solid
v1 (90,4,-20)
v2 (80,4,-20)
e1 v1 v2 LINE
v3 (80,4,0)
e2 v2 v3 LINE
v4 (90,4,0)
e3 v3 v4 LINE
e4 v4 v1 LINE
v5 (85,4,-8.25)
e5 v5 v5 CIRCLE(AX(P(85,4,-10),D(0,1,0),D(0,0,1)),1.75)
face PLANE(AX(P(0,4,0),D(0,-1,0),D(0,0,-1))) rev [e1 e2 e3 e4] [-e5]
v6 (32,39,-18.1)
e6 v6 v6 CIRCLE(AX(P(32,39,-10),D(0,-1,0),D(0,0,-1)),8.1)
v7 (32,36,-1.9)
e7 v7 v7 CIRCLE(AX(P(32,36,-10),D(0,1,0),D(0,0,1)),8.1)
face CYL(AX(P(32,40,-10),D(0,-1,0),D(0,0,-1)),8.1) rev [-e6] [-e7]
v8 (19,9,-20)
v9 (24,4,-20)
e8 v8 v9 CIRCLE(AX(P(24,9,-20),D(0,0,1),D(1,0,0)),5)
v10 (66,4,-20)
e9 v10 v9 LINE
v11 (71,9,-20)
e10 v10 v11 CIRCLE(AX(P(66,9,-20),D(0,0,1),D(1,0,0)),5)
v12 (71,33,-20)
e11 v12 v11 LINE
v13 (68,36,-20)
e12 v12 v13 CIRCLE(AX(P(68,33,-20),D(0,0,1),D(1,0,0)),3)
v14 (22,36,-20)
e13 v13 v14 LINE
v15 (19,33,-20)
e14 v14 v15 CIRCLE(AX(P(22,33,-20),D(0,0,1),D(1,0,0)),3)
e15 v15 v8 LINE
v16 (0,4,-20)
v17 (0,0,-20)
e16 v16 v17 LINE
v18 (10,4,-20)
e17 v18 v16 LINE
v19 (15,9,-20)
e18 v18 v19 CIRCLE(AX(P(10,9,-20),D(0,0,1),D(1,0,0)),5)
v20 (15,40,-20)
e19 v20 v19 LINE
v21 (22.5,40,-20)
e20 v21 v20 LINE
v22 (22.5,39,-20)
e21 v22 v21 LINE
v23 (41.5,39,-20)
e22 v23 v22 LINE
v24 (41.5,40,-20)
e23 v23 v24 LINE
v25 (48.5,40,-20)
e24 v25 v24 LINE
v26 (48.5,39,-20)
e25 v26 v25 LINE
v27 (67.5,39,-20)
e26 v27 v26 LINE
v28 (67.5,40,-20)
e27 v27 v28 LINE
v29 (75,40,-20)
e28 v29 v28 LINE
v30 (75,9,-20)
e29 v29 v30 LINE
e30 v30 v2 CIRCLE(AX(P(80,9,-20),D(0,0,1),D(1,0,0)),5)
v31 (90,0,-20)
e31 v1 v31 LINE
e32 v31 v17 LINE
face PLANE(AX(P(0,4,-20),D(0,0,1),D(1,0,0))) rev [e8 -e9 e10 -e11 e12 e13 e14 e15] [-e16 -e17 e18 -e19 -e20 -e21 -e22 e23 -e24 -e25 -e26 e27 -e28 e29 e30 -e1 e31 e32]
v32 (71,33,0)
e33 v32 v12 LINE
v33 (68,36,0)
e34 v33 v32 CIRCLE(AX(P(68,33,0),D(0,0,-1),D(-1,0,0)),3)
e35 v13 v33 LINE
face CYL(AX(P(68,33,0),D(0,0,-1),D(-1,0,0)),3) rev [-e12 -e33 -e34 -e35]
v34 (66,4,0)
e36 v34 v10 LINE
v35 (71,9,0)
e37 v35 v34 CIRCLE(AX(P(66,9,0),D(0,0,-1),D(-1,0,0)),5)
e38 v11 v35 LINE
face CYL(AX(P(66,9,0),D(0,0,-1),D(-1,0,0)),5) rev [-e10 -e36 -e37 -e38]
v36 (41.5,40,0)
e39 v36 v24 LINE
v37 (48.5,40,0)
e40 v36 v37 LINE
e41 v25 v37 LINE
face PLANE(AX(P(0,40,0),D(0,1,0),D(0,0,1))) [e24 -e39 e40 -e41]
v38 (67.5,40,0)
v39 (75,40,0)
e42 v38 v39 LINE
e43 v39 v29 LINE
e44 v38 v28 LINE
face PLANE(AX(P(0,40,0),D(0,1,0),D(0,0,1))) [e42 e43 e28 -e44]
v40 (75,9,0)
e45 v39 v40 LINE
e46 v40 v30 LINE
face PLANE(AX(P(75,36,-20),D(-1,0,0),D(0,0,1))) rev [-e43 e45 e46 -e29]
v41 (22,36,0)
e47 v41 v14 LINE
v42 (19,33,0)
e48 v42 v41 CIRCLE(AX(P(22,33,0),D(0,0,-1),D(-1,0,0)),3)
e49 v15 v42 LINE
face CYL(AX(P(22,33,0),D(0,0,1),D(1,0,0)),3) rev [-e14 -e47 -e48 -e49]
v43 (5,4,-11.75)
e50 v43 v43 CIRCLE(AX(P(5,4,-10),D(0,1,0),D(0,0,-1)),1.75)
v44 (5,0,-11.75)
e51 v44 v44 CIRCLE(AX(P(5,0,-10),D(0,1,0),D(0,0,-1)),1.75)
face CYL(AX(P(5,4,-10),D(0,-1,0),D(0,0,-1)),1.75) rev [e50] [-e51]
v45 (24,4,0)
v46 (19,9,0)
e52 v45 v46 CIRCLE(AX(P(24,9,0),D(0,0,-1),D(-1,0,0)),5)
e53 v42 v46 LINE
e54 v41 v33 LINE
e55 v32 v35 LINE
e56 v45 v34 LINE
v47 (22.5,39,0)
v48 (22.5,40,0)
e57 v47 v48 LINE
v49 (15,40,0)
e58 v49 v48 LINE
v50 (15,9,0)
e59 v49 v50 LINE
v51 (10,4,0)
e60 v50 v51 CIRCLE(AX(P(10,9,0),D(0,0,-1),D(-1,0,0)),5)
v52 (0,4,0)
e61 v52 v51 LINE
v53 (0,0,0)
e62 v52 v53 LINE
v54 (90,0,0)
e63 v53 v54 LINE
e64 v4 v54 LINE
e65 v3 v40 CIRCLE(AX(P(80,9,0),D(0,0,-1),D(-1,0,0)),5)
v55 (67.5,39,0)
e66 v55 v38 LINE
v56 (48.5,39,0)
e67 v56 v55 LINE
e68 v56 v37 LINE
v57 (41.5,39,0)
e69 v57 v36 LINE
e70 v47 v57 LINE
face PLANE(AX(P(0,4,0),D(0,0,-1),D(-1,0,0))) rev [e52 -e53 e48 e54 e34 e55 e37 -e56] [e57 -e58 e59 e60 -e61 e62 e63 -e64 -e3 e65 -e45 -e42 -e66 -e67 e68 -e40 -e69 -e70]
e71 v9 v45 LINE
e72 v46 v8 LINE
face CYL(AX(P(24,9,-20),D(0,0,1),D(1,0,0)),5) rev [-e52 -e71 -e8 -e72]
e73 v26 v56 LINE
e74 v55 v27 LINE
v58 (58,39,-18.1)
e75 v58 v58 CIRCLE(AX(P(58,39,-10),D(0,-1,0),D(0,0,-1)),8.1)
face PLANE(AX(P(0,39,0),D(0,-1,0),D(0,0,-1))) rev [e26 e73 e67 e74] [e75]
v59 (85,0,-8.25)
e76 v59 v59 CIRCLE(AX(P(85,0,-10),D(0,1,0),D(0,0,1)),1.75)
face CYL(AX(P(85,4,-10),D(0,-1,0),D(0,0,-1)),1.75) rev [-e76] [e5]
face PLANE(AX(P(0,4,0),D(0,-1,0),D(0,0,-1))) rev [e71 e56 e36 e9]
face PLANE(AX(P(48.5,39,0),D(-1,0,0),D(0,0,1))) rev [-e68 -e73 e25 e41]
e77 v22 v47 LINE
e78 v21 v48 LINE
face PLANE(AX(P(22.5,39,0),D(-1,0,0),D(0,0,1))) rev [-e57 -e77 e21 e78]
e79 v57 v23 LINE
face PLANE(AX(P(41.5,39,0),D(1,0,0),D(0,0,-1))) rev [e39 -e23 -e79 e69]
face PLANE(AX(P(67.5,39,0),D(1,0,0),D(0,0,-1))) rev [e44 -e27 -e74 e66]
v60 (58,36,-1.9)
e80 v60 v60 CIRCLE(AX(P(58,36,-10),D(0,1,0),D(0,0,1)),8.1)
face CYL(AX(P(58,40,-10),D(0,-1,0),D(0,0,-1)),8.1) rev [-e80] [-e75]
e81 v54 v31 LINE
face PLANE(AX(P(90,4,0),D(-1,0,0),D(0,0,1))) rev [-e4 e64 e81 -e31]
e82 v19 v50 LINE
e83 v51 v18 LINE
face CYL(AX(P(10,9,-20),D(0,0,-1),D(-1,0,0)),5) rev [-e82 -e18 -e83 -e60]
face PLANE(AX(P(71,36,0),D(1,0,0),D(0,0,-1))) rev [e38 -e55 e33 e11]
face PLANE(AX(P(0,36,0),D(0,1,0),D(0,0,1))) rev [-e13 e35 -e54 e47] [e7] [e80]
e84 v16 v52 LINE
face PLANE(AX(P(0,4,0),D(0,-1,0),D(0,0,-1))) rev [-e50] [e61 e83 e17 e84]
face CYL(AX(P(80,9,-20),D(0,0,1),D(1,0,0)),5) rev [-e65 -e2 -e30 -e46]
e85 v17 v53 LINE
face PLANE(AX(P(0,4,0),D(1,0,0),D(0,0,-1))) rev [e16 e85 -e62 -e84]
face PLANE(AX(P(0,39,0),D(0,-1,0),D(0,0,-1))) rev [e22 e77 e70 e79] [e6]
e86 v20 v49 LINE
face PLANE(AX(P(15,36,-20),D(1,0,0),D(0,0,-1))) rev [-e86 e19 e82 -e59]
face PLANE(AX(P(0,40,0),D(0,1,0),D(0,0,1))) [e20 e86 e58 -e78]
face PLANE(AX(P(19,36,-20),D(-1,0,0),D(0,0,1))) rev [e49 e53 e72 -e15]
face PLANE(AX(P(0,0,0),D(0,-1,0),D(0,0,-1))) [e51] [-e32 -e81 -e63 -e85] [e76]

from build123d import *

# Parameters (mm, degrees)
SKETCH_1_W          = 90
SKETCH_1_H          = 20
SKETCH_1_R          = 1.75
EXTRUDE_1_DEPTH     = 4
SKETCH_2_W          = 4
SKETCH_2_H          = 20
EXTRUDE_2_DEPTH     = 32
SKETCH_3_W          = 60
SKETCH_3_H          = 20
SKETCH_3_R          = 8.1
EXTRUDE_3_DEPTH     = 4
FILLET_1_R          = 5
FILLET_2_R          = 3
SKETCH_4_W          = 19
SKETCH_4_H          = 20
CUT_EXTRUDE_1_DEPTH = 1


with BuildPart() as part:
    # 草图1 → 凸台-拉伸1 (new body)
    with BuildSketch(Plane(origin=(0, 0, 0), x_dir=(1, 0, 0), z_dir=(0, 1, 0))):
        with Locations((45, 10)):
            Rectangle(SKETCH_1_W, SKETCH_1_H)
        with Locations(Location((85, 10, 0), (0, 0, 270))):
            Circle(SKETCH_1_R, mode=Mode.SUBTRACT)
        with Locations(Location((5, 10, 0), (0, 0, 90))):
            Circle(SKETCH_1_R, mode=Mode.SUBTRACT)
    extrude(amount=EXTRUDE_1_DEPTH)

    # 草图2 → 凸台-拉伸2 (add)
    with BuildSketch(Plane(origin=(0, 4, 0), x_dir=(1, 0, 0), z_dir=(0, 1, 0))):
        with Locations((17, 10)):
            Rectangle(SKETCH_2_W, SKETCH_2_H)
        with Locations((73, 10)):
            Rectangle(SKETCH_2_W, SKETCH_2_H)
    extrude(amount=EXTRUDE_2_DEPTH)

    # 草图3 → 凸台-拉伸3 (add)
    with BuildSketch(Plane(origin=(0, 36, 0), x_dir=(1, 0, 0), z_dir=(0, 1, 0))):
        with Locations((45, 10)):
            Rectangle(SKETCH_3_W, SKETCH_3_H)
        with Locations(Location((32, 10, 0), (0, 0, 270))):
            Circle(SKETCH_3_R, mode=Mode.SUBTRACT)
        with Locations(Location((58, 10, 0), (0, 0, 270))):
            Circle(SKETCH_3_R, mode=Mode.SUBTRACT)
    extrude(amount=EXTRUDE_3_DEPTH)

    # 圆角1
    fillet_1_edges = [part.edges().sort_by_distance(p)[0] for p in [
        (15, 4, -10),
        (19, 4, -10),
        (75, 4, -10),
        (71, 4, -10),
    ]]
    fillet(fillet_1_edges, radius=FILLET_1_R)

    # 圆角2
    fillet_2_edges = [part.edges().sort_by_distance(p)[0] for p in [
        (19, 36, -10),
        (71, 36, -10),
    ]]
    fillet(fillet_2_edges, radius=FILLET_2_R)

    # 草图4 → 切除-拉伸1 (cut)
    with BuildSketch(Plane(origin=(0, 40, 0), x_dir=(1, 0, 0), z_dir=(0, 1, 0))):
        with Locations((32, 10)):
            Rectangle(SKETCH_4_W, SKETCH_4_H)
        with Locations((58, 10)):
            Rectangle(SKETCH_4_W, SKETCH_4_H)
    extrude(amount=-CUT_EXTRUDE_1_DEPTH, mode=Mode.SUBTRACT)


solid = part.part
